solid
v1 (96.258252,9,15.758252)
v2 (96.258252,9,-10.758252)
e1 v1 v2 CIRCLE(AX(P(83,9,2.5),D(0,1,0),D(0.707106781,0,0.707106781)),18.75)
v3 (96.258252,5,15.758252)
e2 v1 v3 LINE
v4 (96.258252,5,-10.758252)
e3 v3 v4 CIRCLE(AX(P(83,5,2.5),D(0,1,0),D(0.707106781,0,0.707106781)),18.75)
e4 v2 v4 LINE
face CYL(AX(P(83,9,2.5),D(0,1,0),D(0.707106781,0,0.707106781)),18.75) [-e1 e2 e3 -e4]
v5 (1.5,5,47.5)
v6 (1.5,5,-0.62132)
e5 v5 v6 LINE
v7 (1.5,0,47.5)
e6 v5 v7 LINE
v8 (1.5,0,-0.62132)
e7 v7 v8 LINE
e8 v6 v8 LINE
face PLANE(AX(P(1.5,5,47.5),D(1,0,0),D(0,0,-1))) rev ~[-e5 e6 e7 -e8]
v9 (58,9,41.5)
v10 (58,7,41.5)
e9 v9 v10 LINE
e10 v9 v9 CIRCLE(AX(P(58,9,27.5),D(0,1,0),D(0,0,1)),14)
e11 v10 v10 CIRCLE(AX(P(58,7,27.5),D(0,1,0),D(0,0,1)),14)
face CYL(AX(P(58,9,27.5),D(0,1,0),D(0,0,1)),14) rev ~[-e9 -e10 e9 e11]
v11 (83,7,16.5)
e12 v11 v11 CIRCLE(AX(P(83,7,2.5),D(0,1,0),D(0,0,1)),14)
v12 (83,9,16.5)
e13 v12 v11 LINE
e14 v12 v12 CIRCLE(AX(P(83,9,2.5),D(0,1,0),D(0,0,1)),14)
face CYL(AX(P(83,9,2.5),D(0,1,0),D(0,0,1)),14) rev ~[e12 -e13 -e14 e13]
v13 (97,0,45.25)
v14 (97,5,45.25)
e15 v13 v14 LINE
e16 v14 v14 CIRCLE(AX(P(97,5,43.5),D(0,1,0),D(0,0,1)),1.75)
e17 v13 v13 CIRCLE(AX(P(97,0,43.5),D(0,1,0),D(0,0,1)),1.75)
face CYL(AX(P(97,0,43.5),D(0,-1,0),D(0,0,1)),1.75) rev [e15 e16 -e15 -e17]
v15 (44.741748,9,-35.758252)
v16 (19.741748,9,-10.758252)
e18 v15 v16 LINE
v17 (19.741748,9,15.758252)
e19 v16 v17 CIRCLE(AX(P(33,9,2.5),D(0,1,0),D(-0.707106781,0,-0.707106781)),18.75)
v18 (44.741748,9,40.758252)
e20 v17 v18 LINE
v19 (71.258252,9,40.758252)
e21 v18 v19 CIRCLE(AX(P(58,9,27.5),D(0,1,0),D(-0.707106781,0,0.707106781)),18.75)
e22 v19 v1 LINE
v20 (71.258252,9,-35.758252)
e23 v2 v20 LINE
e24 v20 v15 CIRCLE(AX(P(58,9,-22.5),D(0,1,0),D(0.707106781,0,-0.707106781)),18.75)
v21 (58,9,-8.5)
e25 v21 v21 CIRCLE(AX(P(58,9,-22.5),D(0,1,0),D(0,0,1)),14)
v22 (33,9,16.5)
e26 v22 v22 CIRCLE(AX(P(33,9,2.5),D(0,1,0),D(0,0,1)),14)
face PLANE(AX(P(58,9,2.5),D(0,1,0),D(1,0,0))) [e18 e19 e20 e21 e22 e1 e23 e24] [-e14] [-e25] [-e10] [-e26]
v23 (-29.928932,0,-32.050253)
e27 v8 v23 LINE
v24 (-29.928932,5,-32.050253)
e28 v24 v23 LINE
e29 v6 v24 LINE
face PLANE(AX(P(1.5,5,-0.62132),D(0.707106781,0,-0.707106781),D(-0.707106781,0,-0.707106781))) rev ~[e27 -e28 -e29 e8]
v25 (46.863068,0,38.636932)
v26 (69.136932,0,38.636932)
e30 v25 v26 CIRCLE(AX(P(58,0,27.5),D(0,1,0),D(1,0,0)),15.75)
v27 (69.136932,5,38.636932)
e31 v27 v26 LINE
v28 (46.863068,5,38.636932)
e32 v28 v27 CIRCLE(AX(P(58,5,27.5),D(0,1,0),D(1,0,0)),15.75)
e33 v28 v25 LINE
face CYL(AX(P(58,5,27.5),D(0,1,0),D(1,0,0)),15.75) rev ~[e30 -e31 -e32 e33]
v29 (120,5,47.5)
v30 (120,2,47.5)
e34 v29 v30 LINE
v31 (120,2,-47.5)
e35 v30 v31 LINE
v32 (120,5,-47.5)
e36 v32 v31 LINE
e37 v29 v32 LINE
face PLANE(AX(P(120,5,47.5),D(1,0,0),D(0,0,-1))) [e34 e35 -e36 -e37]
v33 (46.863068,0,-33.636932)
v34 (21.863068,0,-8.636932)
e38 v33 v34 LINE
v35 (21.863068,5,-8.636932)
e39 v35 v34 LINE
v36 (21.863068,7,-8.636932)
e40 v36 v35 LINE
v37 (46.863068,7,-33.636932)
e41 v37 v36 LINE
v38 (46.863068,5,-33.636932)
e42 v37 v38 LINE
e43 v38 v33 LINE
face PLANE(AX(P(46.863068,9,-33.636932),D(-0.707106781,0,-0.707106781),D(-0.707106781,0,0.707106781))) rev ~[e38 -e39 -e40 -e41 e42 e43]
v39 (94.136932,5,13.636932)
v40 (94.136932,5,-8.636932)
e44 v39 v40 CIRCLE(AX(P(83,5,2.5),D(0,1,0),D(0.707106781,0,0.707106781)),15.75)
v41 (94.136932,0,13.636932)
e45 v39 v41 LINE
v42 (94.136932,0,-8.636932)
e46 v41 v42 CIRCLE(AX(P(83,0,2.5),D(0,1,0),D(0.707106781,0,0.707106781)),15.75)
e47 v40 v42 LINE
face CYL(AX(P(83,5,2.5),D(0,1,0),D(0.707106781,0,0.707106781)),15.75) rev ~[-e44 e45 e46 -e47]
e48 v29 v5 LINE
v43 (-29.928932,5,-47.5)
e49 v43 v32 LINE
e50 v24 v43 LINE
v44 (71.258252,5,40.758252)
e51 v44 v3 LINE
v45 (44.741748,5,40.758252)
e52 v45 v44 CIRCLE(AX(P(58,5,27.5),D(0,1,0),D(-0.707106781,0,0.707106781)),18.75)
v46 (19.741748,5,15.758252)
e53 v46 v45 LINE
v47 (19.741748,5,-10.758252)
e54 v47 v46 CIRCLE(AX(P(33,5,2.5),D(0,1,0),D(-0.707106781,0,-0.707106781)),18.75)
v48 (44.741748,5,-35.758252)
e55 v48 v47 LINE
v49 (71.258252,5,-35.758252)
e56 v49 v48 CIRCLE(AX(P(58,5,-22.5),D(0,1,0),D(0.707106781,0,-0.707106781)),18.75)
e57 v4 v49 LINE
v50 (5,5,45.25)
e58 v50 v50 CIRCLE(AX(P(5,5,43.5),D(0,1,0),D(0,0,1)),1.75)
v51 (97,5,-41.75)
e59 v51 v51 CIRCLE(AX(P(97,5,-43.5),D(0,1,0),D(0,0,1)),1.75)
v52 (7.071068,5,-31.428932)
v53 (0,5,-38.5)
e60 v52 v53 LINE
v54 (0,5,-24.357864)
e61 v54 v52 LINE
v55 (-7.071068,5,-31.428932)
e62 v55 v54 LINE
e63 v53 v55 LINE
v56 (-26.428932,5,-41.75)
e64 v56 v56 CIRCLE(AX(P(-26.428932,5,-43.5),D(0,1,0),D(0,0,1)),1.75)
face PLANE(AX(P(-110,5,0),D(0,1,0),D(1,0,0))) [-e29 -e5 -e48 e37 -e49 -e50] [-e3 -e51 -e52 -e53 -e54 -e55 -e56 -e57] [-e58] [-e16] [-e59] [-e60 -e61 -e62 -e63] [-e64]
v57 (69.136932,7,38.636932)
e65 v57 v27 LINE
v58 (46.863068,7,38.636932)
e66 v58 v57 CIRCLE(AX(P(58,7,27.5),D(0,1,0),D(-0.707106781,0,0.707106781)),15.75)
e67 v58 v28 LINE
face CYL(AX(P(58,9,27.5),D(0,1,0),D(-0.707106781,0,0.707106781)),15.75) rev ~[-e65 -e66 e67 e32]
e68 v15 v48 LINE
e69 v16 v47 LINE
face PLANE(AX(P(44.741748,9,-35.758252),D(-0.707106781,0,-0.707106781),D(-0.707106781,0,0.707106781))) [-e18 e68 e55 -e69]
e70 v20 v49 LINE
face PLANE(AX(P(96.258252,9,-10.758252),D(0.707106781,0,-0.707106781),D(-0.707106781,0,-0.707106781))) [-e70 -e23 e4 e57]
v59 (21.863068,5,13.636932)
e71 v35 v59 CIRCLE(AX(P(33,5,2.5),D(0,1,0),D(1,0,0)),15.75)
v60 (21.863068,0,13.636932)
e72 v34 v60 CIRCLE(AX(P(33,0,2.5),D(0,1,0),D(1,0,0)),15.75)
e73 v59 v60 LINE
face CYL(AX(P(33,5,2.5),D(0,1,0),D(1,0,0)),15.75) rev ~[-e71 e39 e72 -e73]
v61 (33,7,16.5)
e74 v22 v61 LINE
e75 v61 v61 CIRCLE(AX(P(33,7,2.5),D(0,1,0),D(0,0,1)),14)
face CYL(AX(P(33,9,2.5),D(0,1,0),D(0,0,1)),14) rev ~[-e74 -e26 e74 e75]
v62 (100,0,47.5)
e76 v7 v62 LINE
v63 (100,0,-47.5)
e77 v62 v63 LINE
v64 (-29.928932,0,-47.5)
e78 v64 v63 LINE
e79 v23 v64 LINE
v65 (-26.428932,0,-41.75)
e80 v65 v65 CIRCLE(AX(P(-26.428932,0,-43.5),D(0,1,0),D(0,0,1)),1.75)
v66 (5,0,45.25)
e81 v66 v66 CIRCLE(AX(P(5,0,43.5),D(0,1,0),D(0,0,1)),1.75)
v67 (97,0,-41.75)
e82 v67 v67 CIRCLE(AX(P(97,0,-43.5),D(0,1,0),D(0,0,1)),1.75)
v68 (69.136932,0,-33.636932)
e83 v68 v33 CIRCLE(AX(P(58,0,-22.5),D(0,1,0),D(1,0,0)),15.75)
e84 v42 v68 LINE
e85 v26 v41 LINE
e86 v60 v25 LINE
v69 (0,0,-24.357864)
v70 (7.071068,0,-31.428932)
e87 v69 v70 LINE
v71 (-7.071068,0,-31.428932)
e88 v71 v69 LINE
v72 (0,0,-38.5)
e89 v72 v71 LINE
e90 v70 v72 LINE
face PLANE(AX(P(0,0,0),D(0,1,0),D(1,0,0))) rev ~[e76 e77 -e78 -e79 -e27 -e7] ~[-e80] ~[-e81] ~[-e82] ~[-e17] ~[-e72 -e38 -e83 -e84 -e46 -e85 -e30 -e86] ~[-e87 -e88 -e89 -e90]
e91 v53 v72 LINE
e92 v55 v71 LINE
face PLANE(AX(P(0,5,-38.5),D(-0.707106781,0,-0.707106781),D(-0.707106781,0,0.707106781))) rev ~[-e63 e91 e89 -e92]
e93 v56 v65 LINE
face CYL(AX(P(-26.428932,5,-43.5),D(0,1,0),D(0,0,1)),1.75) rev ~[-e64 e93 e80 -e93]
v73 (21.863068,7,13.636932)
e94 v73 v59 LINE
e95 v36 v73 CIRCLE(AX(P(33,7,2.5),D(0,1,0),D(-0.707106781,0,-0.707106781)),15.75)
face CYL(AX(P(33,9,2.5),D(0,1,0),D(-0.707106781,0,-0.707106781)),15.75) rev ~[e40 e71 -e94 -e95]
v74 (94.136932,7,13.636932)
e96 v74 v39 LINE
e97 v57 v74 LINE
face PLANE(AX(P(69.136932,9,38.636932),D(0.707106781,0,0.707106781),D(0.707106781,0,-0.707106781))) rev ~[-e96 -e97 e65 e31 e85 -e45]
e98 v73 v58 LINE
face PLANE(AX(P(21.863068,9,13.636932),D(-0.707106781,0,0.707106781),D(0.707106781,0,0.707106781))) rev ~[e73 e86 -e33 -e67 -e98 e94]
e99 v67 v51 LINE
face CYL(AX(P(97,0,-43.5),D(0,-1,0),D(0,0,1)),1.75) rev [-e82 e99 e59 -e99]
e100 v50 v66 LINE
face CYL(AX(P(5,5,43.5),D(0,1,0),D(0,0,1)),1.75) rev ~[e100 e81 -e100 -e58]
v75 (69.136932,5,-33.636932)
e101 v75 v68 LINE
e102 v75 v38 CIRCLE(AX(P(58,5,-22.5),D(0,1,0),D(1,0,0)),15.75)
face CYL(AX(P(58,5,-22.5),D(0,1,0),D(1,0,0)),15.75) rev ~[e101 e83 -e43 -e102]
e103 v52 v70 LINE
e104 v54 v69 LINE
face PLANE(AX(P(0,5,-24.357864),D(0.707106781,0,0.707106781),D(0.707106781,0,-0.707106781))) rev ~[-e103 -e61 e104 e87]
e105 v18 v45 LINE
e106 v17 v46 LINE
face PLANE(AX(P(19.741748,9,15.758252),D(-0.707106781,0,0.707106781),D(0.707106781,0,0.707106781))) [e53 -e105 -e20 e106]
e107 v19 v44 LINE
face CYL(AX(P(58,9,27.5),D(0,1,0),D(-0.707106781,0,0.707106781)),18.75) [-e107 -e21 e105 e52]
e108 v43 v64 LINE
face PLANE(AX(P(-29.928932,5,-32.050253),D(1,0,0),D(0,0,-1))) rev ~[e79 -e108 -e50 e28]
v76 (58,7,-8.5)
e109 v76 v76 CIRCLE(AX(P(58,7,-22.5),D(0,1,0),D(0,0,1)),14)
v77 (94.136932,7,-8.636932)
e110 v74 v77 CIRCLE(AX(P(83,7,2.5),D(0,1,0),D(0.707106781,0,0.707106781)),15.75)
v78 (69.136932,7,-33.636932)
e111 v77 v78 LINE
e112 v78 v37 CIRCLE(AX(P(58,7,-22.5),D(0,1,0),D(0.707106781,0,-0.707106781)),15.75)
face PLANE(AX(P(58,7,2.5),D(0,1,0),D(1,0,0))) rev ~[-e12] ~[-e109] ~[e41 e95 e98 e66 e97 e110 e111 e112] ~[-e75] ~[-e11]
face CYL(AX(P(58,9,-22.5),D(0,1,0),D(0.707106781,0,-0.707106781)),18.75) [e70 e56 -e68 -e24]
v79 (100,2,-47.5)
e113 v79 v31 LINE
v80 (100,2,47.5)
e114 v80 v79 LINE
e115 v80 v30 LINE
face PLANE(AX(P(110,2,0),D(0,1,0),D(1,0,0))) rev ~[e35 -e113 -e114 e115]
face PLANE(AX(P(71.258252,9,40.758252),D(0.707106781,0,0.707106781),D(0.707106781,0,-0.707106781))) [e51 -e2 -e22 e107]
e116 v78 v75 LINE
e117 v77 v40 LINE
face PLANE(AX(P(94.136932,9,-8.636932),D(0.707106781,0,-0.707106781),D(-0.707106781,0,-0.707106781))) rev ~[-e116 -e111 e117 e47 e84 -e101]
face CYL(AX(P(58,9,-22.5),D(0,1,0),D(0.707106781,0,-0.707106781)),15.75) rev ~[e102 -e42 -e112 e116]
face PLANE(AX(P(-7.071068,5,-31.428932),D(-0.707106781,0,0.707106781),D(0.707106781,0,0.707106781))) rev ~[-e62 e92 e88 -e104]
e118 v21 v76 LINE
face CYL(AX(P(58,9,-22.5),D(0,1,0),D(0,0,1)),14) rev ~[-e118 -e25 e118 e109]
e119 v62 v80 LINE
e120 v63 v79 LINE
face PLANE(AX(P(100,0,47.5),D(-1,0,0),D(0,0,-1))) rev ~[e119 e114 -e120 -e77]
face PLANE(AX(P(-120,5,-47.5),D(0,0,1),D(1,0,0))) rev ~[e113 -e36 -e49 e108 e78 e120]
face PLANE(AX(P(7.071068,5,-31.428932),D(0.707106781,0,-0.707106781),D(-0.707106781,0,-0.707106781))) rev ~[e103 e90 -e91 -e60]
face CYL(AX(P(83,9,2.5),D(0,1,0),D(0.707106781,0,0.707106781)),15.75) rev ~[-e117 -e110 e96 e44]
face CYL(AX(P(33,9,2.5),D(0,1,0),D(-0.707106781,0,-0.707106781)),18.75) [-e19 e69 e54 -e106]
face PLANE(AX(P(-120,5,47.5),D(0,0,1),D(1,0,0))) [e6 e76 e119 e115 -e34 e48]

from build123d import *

# Parameters (mm, degrees)
SKETCH1_W           = 200
SKETCH1_H           = 95
SKETCH1_R           = 1.75
BOSS_EXTRUDE1_DEPTH = 5
SKETCH2_R           = 15.75
SKETCH2_R_2         = 12.5
CUT_EXTRUDE1_DEPTH  = 5
SKETCH4_W           = 16
SKETCH4_H           = 37
BOSS_EXTRUDE2_DEPTH = 4.2
SKETCH6_W           = 20
SKETCH6_H           = 95
BOSS_EXTRUDE3_DEPTH = 3
BOSS_EXTRUDE4_START = 4
BOSS_EXTRUDE4_DEPTH = 4
SKETCH9_R           = 14
BOSS_EXTRUDE5_DEPTH = 2
CUT_EXTRUDE2_DEPTH  = 5
SKETCH11_R          = 1.75
CUT_EXTRUDE3_DEPTH  = 10
SKETCH14_R          = 1.75
SKETCH14_R_2        = 12.5
CUT_EXTRUDE4_DEPTH  = 10
CUT_EXTRUDE5_DEPTH  = 5


with BuildPart() as part:
    # Sketch1 → Boss-Extrude1 (new body)
    with BuildSketch(Plane(origin=(0, 0, 0), x_dir=(1, 0, 0), z_dir=(0, 1, 0))):
        Rectangle(SKETCH1_W, SKETCH1_H)
        with Locations(Location((-96, 43.5, 0), (0, 0, 270))):
            Circle(SKETCH1_R, mode=Mode.SUBTRACT)
        with Locations(Location((-96, -43.5, 0), (0, 0, 270))):
            Circle(SKETCH1_R, mode=Mode.SUBTRACT)
        with Locations(Location((97, 43.5, 0), (0, 0, 270))):
            Circle(SKETCH1_R, mode=Mode.SUBTRACT)
        with Locations(Location((97, -43.5, 0), (0, 0, 270))):
            Circle(SKETCH1_R, mode=Mode.SUBTRACT)
    extrude(amount=BOSS_EXTRUDE1_DEPTH)

    # Sketch2 → Cut-Extrude1 (cut)
    with BuildSketch(Plane(origin=(0, 5, 0), x_dir=(1, 0, 0), z_dir=(0, 1, 0))):
        with Locations((33, -2.5)):
            Circle(SKETCH2_R)
        with BuildLine():
            ThreePointArc((48.75, -2.5), (39.02726406, -17.051102637), (21.863068196, -13.636931804))
            Line((21.863068196, -13.636931804), (46.863068196, -38.636931804))
            ThreePointArc((46.863068196, -38.636931804), (51.97273594, -12.948897363), (73.75, -27.5))
            ThreePointArc((73.75, -27.5), (72.551102637, -33.52726406), (69.136931804, -38.636931804))
            Line((69.136931804, -38.636931804), (94.136931804, -13.636931804))
            ThreePointArc((94.136931804, -13.636931804), (67.25, -2.5), (94.136931804, 8.636931804))
            Line((94.136931804, 8.636931804), (69.136931804, 33.636931804))
            ThreePointArc((69.136931804, 33.636931804), (72.551102637, 28.52726406), (73.75, 22.5))
            ThreePointArc((73.75, 22.5), (51.97273594, 7.948897363), (46.863068196, 33.636931804))
            Line((46.863068196, 33.636931804), (21.863068196, 8.636931804))
            ThreePointArc((21.863068196, 8.636931804), (39.02726406, 12.051102637), (48.75, -2.5))
        make_face()
        with Locations((58, -27.5)):
            Circle(SKETCH2_R)
        with Locations((83, -2.5)):
            Circle(SKETCH2_R)
        with Locations((58, 22.5)):
            Circle(SKETCH2_R)
        with Locations(Location((-82, -27.5, 0), (0, 0, 270))):
            Circle(SKETCH2_R_2)
    extrude(amount=-CUT_EXTRUDE1_DEPTH, mode=Mode.SUBTRACT)

    # Sketch4 → Boss-Extrude2 (add)
    with BuildSketch(Plane.XZ):
        with Locations((-82.5, -19.5)):
            Rectangle(SKETCH4_W, SKETCH4_H)
    extrude(amount=BOSS_EXTRUDE2_DEPTH)

    # Sketch6 → Boss-Extrude3 (add)
    with BuildSketch(Plane(origin=(0, 5, 0), x_dir=(1, 0, 0), z_dir=(0, 1, 0))):
        with Locations((-110, 0)):
            Rectangle(SKETCH6_W, SKETCH6_H)
        with Locations((110, 0)):
            Rectangle(SKETCH6_W, SKETCH6_H)
    extrude(amount=-BOSS_EXTRUDE3_DEPTH)

    # Sketch8 → Boss-Extrude4 (add)
    with BuildSketch(Plane(origin=(0, 5, 0), x_dir=(1, 0, 0), z_dir=(0, 1, 0)).offset(BOSS_EXTRUDE4_START)):
        with BuildLine():
            Line((71.258252147, -40.758252147), (96.258252147, -15.758252147))
            ThreePointArc((96.258252147, -15.758252147), (101.75, -2.5), (96.258252147, 10.758252147))
            Line((96.258252147, 10.758252147), (71.258252147, 35.758252147))
            ThreePointArc((71.258252147, 35.758252147), (58, 41.25), (44.741747853, 35.758252147))
            Line((44.741747853, 35.758252147), (19.741747853, 10.758252147))
            ThreePointArc((19.741747853, 10.758252147), (14.25, -2.5), (19.741747853, -15.758252147))
            Line((19.741747853, -15.758252147), (44.741747853, -40.758252147))
            ThreePointArc((44.741747853, -40.758252147), (58, -46.25), (71.258252147, -40.758252147))
        make_face()
        with BuildLine():
            Line((21.863068196, -13.636931804), (46.863068196, -38.636931804))
            ThreePointArc((46.863068196, -38.636931804), (58, -43.25), (69.136931804, -38.636931804))
            Line((69.136931804, -38.636931804), (94.136931804, -13.636931804))
            ThreePointArc((94.136931804, -13.636931804), (98.75, -2.5), (94.136931804, 8.636931804))
            Line((94.136931804, 8.636931804), (69.136931804, 33.636931804))
            ThreePointArc((69.136931804, 33.636931804), (58, 38.25), (46.863068196, 33.636931804))
            Line((46.863068196, 33.636931804), (21.863068196, 8.636931804))
            ThreePointArc((21.863068196, 8.636931804), (17.25, -2.5), (21.863068196, -13.636931804))
        make_face(mode=Mode.SUBTRACT)
    extrude(amount=-BOSS_EXTRUDE4_DEPTH)

    # Sketch9 → Boss-Extrude5 (add)
    with BuildSketch(Plane(origin=(0, 9, 0), x_dir=(1, 0, 0), z_dir=(0, 1, 0))):
        with BuildLine():
            Line((21.863068196, -13.636931804), (46.863068196, -38.636931804))
            ThreePointArc((46.863068196, -38.636931804), (58, -43.25), (69.136931804, -38.636931804))
            Line((69.136931804, -38.636931804), (94.136931804, -13.636931804))
            ThreePointArc((94.136931804, -13.636931804), (98.75, -2.5), (94.136931804, 8.636931804))
            Line((94.136931804, 8.636931804), (69.136931804, 33.636931804))
            ThreePointArc((69.136931804, 33.636931804), (58, 38.25), (46.863068196, 33.636931804))
            Line((46.863068196, 33.636931804), (21.863068196, 8.636931804))
            ThreePointArc((21.863068196, 8.636931804), (17.25, -2.5), (21.863068196, -13.636931804))
        make_face()
        with Locations(Location((58, 22.5, 0), (0, 0, 270))):
            Circle(SKETCH9_R, mode=Mode.SUBTRACT)
        with Locations(Location((83, -2.5, 0), (0, 0, 270))):
            Circle(SKETCH9_R, mode=Mode.SUBTRACT)
        with Locations(Location((58, -27.5, 0), (0, 0, 270))):
            Circle(SKETCH9_R, mode=Mode.SUBTRACT)
        with Locations(Location((33, -2.5, 0), (0, 0, 270))):
            Circle(SKETCH9_R, mode=Mode.SUBTRACT)
    extrude(amount=-BOSS_EXTRUDE5_DEPTH)

    # Sketch10 → Cut-Extrude2 (cut)
    with BuildSketch(Plane(origin=(0, 5, 0), x_dir=(1, 0, 0), z_dir=(0, 1, 0))):
        Polygon((0, 38.5), (-7.071067812, 31.428932188), (0, 24.357864376), (7.071067812, 31.428932188), align=None)
    extrude(amount=-CUT_EXTRUDE2_DEPTH, mode=Mode.SUBTRACT)

    # Sketch11 → Cut-Extrude3 (cut)
    with BuildSketch(Plane(origin=(0, 5, 0), x_dir=(1, 0, 0), z_dir=(0, 1, 0))):
        with Locations(Location((-36.428932188, 43.5, 0), (0, 0, 270))):
            Circle(SKETCH11_R)
        with Locations(Location((-26.428932188, 43.5, 0), (0, 0, 270))):
            Circle(SKETCH11_R)
        with Locations(Location((5, -43.5, 0), (0, 0, 270))):
            Circle(SKETCH11_R)
        with Locations(Location((-5, -43.5, 0), (0, 0, 270))):
            Circle(SKETCH11_R)
    extrude(amount=-CUT_EXTRUDE3_DEPTH, mode=Mode.SUBTRACT)

    # Sketch14 → Cut-Extrude4 (cut)
    # profile 1 of 2: a face of its own
    with BuildSketch(Plane(origin=(0, 5, 0), x_dir=(1, 0, 0), z_dir=(0, 1, 0))):
        Polygon((0, 0), (-31.428932188, 31.428932188), (-31.428932188, 47.5), (-120, 47.5), (-120, -47.5), (0, -47.5), align=None)
        with Locations((-96, -43.5)):
            Circle(SKETCH14_R, mode=Mode.SUBTRACT)
        with Locations((-82, -27.5)):
            Circle(SKETCH14_R_2, mode=Mode.SUBTRACT)
        with Locations((-5, -43.5)):
            Circle(SKETCH14_R, mode=Mode.SUBTRACT)
        with Locations((-96, 43.5)):
            Circle(SKETCH14_R, mode=Mode.SUBTRACT)
        with Locations((-36.428932188, 43.5)):
            Circle(SKETCH14_R, mode=Mode.SUBTRACT)
    # profile 2 of 2: a face of its own
    with BuildSketch(Plane(origin=(0, 5, 0), x_dir=(1, 0, 0), z_dir=(0, 1, 0))):
        with Locations((-82, -27.5)):
            Circle(SKETCH14_R_2)
    extrude(amount=-CUT_EXTRUDE4_DEPTH, mode=Mode.SUBTRACT)

    # Sketch15 → Cut-Extrude5 (cut)
    with BuildSketch(Plane(origin=(0, 5, 0), x_dir=(1, 0, 0), z_dir=(0, 1, 0))):
        Polygon((-29.928932188, 47.5), (-31.428932188, 47.5), (-31.428932188, 31.428932188), (0, 0), (0, -47.5), (1.5, -47.5), (1.5, 0.621320344), (-29.928932188, 32.050252532), align=None)
    extrude(amount=-CUT_EXTRUDE5_DEPTH, mode=Mode.SUBTRACT)


solid = part.part
